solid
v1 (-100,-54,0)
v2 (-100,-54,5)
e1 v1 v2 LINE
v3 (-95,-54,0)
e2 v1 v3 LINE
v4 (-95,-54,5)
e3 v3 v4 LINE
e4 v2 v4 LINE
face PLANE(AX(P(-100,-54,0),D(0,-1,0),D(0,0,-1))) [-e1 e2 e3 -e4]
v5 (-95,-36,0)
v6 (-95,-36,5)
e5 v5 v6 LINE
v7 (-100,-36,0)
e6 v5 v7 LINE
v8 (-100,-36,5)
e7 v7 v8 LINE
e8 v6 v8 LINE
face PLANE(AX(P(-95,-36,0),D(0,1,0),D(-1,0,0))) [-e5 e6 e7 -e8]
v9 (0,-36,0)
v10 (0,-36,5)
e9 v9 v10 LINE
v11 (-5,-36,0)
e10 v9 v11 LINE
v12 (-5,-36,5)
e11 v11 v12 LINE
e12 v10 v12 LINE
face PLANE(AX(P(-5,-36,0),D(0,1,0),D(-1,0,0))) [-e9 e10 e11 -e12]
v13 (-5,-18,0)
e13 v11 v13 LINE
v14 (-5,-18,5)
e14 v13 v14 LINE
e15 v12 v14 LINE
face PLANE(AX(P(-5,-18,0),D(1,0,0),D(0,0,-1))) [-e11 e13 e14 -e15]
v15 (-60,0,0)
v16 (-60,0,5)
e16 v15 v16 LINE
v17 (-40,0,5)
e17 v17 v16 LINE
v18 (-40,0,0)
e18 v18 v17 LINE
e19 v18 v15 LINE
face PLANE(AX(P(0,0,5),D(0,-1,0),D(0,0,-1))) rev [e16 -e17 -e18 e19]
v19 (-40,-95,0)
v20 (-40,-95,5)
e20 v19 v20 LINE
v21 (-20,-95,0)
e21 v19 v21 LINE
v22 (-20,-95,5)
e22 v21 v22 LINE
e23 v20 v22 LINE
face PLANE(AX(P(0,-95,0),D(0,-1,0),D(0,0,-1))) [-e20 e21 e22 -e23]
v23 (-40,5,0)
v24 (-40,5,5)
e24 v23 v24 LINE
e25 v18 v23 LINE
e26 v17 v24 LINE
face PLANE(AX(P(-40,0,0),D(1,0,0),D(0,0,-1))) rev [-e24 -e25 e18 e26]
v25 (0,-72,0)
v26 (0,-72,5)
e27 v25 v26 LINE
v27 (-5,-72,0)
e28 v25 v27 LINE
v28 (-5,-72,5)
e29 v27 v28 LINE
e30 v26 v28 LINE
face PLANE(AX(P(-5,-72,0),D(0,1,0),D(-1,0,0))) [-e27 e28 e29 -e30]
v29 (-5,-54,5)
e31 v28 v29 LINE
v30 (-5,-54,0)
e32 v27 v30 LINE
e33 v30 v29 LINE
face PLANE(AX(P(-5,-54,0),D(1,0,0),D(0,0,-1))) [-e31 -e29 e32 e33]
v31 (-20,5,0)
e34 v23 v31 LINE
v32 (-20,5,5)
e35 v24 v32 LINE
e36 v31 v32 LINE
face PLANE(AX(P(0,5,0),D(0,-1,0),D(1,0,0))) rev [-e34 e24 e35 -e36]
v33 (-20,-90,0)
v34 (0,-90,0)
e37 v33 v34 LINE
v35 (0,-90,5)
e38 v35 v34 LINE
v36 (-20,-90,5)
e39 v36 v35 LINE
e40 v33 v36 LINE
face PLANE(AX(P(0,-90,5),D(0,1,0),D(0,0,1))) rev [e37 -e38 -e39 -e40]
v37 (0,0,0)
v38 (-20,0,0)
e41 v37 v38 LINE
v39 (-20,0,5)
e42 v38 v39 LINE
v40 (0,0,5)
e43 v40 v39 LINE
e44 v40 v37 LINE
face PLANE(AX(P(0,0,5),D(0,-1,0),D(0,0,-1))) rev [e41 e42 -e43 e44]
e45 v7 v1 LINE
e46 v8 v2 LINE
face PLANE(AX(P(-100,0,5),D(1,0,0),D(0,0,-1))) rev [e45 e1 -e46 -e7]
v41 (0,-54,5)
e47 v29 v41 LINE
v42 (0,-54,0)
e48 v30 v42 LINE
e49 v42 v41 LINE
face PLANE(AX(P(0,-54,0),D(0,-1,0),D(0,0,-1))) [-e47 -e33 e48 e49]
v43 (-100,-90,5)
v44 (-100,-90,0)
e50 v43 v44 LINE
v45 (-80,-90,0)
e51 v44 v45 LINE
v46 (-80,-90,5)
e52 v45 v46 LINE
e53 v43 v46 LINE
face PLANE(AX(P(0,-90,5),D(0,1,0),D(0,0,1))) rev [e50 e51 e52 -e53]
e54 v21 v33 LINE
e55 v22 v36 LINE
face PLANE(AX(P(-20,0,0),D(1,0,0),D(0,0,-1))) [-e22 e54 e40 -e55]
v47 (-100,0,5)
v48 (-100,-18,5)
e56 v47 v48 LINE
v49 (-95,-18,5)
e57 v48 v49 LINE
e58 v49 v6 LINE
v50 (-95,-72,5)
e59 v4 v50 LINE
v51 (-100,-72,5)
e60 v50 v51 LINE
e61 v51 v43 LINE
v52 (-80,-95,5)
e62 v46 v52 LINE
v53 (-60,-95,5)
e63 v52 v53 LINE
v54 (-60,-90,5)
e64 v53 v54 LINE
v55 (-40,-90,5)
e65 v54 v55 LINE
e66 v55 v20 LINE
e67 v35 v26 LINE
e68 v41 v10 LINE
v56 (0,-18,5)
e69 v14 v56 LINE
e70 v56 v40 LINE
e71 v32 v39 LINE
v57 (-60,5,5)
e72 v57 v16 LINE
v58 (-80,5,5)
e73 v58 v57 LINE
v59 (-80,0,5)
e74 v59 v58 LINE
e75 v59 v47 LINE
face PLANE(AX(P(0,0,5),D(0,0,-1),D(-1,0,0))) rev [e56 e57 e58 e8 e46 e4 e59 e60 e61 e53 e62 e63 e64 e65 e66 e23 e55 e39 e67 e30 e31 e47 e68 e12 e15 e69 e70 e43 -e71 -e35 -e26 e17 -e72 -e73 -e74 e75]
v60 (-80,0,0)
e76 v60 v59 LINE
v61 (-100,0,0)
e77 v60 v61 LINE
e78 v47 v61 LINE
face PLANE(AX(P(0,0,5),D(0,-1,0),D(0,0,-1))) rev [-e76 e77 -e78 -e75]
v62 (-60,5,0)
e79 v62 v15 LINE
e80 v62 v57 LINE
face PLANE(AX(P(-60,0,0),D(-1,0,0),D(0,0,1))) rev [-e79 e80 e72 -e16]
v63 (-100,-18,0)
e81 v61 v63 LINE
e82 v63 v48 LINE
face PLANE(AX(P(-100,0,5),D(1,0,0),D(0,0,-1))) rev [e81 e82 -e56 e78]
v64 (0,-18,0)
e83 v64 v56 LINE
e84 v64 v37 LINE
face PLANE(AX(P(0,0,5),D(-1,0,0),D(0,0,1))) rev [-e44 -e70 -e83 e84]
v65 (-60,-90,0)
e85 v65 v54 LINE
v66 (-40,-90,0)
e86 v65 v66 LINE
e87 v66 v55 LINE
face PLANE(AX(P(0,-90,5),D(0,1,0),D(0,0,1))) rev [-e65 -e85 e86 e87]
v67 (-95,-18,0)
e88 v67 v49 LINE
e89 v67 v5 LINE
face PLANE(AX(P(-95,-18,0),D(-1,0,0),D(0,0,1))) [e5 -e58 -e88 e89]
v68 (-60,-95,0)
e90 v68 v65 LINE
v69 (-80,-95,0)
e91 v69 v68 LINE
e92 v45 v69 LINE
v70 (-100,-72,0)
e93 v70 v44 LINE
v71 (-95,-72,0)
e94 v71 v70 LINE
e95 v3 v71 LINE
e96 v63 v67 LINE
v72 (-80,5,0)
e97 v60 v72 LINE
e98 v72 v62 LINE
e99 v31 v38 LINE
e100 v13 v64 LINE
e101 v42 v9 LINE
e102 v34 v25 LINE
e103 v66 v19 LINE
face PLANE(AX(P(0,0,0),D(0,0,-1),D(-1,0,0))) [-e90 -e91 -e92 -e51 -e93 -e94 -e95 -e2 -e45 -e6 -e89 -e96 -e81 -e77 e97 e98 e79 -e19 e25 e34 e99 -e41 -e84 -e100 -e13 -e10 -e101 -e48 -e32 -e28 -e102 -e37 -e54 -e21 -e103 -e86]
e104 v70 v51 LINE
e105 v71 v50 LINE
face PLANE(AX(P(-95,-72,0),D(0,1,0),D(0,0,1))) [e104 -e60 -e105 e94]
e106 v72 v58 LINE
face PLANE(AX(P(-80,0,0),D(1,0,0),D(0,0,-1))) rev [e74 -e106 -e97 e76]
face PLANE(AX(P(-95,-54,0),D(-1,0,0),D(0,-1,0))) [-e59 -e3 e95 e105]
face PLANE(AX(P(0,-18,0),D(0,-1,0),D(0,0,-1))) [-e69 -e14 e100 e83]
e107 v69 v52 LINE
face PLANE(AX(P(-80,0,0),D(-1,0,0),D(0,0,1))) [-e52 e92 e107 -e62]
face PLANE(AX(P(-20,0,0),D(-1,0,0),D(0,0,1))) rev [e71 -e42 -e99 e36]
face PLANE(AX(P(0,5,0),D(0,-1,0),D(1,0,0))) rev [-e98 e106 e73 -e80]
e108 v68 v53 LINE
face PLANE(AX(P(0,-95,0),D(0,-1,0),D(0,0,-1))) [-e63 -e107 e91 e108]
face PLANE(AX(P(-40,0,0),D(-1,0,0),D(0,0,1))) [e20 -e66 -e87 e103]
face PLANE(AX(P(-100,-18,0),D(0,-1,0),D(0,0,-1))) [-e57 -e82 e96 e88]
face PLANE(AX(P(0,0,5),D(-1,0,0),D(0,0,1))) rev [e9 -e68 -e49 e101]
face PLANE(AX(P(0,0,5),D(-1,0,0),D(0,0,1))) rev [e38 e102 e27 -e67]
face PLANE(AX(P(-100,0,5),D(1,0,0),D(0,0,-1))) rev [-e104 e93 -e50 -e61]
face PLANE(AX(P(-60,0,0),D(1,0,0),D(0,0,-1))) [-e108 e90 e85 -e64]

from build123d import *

# Parameters (mm, degrees)
ESQUISSE1_W             = 100
ESQUISSE1_H             = 90
BOSS_EXTRU_1_DEPTH      = 5
ESQUISSE2_OUTSIDE_W     = 128.926
ESQUISSE2_OUTSIDE_H     = 118.926
ENL_V_MAT_EXTRU_1_DEPTH = 5
ESQUISSE3_W             = 20
ESQUISSE3_H             = 5
BOSS_EXTRU_2_DEPTH      = 5


with BuildPart() as part:
    # Esquisse1 → Boss.-Extru.1 (new body)
    with BuildSketch(Plane.XY):
        with Locations((-50, -45)):
            Rectangle(ESQUISSE1_W, ESQUISSE1_H)
    extrude(amount=BOSS_EXTRU_1_DEPTH)

    # Esquisse2 outside → Enlèv. mat.-Extru.1 (cut)
    with BuildSketch(Plane.XY.offset(5)):
        with Locations((-50, -45)):
            Rectangle(ESQUISSE2_OUTSIDE_W, ESQUISSE2_OUTSIDE_H)
        Polygon((-100, 0), (-100, -18), (-95, -18), (-95, -36), (-100, -36), (-100, -54), (-95, -54), (-95, -72), (-100, -72), (-100, -90), (0, -90), (0, -72), (-5, -72), (-5, -54), (0, -54), (0, -36), (-5, -36), (-5, -18), (0, -18), (0, 0), align=None, mode=Mode.SUBTRACT)
    extrude(amount=-ENL_V_MAT_EXTRU_1_DEPTH, mode=Mode.SUBTRACT)

    # Esquisse3 → Boss.-Extru.2 (add)
    with BuildSketch(Plane.XY.offset(5)):
        with Locations((-70, 2.5)):
            Rectangle(ESQUISSE3_W, ESQUISSE3_H)
        with Locations((-30, 2.5)):
            Rectangle(ESQUISSE3_W, ESQUISSE3_H)
        with Locations((-70, -92.5)):
            Rectangle(ESQUISSE3_W, ESQUISSE3_H)
        with Locations((-30, -92.5)):
            Rectangle(ESQUISSE3_W, ESQUISSE3_H)
    extrude(amount=-BOSS_EXTRU_2_DEPTH)


solid = part.part
